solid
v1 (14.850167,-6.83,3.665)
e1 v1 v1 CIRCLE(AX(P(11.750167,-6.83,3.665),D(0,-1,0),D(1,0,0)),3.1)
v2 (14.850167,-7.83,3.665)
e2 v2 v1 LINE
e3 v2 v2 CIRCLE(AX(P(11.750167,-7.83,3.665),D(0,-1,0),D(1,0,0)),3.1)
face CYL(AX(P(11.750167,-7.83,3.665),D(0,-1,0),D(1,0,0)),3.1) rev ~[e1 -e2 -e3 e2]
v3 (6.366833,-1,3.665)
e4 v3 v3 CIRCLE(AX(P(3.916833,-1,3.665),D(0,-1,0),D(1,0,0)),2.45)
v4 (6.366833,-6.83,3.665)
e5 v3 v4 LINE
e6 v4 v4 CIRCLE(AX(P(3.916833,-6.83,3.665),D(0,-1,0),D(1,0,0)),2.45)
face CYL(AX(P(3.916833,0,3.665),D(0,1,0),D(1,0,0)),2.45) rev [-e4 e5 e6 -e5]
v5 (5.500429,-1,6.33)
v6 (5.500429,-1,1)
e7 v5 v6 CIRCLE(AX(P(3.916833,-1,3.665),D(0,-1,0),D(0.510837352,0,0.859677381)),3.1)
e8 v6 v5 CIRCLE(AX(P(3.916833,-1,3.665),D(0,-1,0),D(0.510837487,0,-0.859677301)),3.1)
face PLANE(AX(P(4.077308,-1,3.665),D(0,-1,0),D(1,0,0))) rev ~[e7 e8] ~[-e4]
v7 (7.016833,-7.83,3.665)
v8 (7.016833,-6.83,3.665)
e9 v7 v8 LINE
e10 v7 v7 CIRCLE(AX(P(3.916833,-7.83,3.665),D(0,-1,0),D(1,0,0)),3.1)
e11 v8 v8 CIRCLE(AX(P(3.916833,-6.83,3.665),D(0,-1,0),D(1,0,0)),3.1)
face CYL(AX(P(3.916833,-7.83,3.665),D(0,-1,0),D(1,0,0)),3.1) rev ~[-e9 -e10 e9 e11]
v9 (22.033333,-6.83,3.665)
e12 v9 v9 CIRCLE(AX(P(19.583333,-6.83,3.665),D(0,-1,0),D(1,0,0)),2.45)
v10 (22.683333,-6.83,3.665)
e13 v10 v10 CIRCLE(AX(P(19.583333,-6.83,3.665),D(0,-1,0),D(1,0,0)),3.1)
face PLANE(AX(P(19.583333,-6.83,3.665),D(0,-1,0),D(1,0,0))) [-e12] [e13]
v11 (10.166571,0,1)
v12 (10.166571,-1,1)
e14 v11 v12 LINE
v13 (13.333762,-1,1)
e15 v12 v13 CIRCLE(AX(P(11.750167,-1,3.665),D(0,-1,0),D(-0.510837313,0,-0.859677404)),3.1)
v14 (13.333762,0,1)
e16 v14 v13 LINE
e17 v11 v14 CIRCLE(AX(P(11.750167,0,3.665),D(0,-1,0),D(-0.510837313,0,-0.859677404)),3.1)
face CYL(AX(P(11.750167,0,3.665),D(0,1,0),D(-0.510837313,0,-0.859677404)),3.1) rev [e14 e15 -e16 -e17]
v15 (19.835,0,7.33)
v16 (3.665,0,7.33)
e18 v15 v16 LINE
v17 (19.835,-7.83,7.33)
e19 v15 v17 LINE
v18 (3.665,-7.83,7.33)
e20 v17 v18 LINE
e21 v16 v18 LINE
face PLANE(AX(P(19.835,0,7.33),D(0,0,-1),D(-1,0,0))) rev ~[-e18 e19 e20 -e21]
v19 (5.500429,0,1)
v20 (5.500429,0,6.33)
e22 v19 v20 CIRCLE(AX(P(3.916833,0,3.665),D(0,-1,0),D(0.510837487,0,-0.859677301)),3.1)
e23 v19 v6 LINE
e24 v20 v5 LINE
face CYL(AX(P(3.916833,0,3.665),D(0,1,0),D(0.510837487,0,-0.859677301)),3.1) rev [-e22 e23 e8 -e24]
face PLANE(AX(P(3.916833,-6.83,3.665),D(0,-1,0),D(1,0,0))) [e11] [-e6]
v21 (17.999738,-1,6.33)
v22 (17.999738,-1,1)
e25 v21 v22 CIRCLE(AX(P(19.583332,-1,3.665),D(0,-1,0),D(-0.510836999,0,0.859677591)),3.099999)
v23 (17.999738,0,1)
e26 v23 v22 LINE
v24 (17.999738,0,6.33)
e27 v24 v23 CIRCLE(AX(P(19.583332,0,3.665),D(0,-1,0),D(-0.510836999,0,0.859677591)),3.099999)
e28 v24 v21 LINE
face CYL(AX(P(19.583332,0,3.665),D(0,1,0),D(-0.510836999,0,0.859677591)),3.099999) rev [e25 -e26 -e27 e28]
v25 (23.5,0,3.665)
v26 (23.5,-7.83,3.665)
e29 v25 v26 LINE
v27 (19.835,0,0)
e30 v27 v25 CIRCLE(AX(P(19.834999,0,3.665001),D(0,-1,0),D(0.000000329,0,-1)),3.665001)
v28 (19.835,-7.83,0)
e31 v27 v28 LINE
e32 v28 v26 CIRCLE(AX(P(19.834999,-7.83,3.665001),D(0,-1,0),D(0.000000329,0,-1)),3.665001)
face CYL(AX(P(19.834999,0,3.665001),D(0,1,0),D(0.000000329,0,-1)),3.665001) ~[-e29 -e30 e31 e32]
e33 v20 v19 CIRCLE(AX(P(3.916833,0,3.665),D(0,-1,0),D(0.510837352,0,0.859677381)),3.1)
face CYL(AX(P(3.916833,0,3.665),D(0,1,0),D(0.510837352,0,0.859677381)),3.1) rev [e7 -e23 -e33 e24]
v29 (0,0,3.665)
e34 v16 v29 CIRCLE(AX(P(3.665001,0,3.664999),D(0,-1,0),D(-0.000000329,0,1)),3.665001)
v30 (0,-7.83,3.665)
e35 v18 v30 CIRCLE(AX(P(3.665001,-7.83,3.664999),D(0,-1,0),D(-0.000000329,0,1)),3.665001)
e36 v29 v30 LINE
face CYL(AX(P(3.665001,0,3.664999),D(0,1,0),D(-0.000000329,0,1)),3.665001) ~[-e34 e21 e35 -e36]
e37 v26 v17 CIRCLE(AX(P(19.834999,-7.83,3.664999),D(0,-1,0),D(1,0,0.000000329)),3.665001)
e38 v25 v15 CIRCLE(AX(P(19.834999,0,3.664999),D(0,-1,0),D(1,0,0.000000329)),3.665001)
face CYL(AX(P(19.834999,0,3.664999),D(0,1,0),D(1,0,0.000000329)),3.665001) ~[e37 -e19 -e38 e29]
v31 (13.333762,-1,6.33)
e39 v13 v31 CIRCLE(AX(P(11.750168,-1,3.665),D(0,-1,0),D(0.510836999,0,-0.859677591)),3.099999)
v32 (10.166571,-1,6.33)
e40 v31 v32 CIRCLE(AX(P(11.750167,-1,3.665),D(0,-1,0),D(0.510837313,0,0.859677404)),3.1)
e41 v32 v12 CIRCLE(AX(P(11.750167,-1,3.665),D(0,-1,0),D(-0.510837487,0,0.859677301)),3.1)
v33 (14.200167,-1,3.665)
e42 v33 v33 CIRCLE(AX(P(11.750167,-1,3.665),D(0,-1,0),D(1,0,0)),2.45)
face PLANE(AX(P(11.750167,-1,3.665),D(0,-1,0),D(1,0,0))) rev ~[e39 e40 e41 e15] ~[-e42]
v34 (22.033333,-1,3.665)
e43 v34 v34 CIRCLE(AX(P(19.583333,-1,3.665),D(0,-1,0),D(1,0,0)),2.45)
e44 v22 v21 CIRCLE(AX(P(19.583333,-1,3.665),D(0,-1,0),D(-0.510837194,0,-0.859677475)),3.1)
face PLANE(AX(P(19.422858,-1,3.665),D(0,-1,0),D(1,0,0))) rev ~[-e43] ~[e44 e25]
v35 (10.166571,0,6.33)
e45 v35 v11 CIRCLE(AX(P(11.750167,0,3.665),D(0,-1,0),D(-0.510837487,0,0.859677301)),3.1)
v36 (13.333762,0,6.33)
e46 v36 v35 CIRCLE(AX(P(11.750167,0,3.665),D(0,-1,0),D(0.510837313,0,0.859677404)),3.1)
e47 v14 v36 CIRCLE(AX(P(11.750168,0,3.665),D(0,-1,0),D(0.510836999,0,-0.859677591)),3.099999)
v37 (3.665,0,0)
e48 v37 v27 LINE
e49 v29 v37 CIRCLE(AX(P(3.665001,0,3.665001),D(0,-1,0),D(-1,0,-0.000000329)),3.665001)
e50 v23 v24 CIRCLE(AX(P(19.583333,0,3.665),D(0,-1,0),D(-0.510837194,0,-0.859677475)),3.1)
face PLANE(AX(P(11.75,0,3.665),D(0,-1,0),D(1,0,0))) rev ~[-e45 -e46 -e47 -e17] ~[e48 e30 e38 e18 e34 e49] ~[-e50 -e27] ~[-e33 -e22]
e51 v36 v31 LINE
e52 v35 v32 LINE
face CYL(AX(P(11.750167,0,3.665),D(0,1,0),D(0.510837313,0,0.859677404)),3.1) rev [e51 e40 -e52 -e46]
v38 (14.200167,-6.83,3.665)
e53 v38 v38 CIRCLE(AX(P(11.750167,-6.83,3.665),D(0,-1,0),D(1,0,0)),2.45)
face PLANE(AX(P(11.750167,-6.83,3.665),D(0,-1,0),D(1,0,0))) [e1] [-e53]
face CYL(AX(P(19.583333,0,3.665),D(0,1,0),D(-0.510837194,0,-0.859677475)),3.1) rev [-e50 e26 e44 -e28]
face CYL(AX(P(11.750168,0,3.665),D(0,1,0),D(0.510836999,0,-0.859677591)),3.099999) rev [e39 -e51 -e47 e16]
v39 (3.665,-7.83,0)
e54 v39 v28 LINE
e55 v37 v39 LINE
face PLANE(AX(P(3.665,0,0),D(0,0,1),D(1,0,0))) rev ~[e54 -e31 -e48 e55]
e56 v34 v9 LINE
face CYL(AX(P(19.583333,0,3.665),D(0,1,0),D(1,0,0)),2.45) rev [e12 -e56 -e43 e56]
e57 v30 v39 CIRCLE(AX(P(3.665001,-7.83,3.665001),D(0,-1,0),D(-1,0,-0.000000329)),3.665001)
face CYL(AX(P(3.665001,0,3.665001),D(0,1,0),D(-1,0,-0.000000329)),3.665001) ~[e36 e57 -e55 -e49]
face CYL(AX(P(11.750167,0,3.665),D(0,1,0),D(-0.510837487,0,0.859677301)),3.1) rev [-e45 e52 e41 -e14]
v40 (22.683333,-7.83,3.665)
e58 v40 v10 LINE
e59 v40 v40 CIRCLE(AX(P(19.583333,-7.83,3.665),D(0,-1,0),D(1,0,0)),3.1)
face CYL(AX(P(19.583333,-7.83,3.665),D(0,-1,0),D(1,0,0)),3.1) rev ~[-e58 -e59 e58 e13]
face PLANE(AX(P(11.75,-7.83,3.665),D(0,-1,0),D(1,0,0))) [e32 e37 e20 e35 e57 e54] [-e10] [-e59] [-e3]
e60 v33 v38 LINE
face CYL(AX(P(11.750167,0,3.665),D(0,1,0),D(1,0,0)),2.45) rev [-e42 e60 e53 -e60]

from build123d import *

# Parameters (mm, degrees)
F0_R     = 2.45
F1_DEPTH = 7.83
F2_DEPTH = 1
F3_R     = 3.1
F3_R_2   = 2.45
F4_DEPTH = 1


with BuildPart() as f1:
    # F0 (on Front) → F1 (new body)
    with BuildSketch(Plane.XZ):
        with BuildLine():
            ThreePointArc((0, 3.665), (1.073454, 1.073454), (3.665, 0))
            Line((3.665, 0), (19.835, 0))
            ThreePointArc((19.835, 0), (22.426546, 1.073454), (23.5, 3.665))
            ThreePointArc((23.5, 3.665), (22.426546, 6.256546), (19.835, 7.33))
            Line((19.835, 7.33), (15.666667, 7.33))
            Line((15.666667, 7.33), (7.833667, 7.33))
            Line((7.833667, 7.33), (3.665, 7.33))
            ThreePointArc((3.665, 7.33), (1.073454, 6.256546), (0, 3.665))
        make_face()
        with BuildLine():
            ThreePointArc((10.166571, 1), (8.650167, 3.665), (10.166571, 6.33))
            ThreePointArc((10.166571, 6.33), (11.750167, 6.765), (13.333762, 6.33))
            ThreePointArc((13.333762, 6.33), (14.850167, 3.665), (13.333762, 1))
            ThreePointArc((13.333762, 1), (11.750167, 0.565), (10.166571, 1))
        make_face(mode=Mode.SUBTRACT)
        with BuildLine():
            ThreePointArc((17.999738, 1), (16.483333, 3.665), (17.999738, 6.33))
            ThreePointArc((17.999738, 6.33), (22.683333, 3.665), (17.999738, 1))
        make_face(mode=Mode.SUBTRACT)
        with BuildLine():
            ThreePointArc((5.500429, 1), (0.816833, 3.665), (5.500429, 6.33))
            ThreePointArc((5.500429, 6.33), (7.016833, 3.665), (5.500429, 1))
        make_face(mode=Mode.SUBTRACT)
        with BuildLine():
            ThreePointArc((5.500429, 1), (7.016833, 3.665), (5.500429, 6.33))
            ThreePointArc((5.500429, 6.33), (0.816833, 3.665), (5.500429, 1))
        make_face()
        with Locations((3.916833, 3.665)):
            Circle(F0_R, mode=Mode.SUBTRACT)
        with BuildLine():
            ThreePointArc((13.333762, 6.33), (11.750167, 6.765), (10.166571, 6.33))
            ThreePointArc((10.166571, 6.33), (8.650167, 3.665), (10.166571, 1))
            ThreePointArc((10.166571, 1), (11.750167, 0.565), (13.333762, 1))
            ThreePointArc((13.333762, 1), (14.850167, 3.665), (13.333762, 6.33))
        make_face()
        with Locations((11.750167, 3.665)):
            Circle(F0_R, mode=Mode.SUBTRACT)
        with BuildLine():
            ThreePointArc((17.999738, 1), (22.683333, 3.665), (17.999738, 6.33))
            ThreePointArc((17.999738, 6.33), (16.483333, 3.665), (17.999738, 1))
        make_face()
        with Locations((19.583333, 3.665)):
            Circle(F0_R, mode=Mode.SUBTRACT)
    extrude(amount=F1_DEPTH)

    # F0 (on Front) → F2 (cut)
    with BuildSketch(Plane.XZ):
        with BuildLine():
            ThreePointArc((5.500429, 1), (7.016833, 3.665), (5.500429, 6.33))
            ThreePointArc((5.500429, 6.33), (0.816833, 3.665), (5.500429, 1))
        make_face()
        with Locations((3.916833, 3.665)):
            Circle(F0_R, mode=Mode.SUBTRACT)
        with BuildLine():
            ThreePointArc((13.333762, 6.33), (11.750167, 6.765), (10.166571, 6.33))
            ThreePointArc((10.166571, 6.33), (8.650167, 3.665), (10.166571, 1))
            ThreePointArc((10.166571, 1), (11.750167, 0.565), (13.333762, 1))
            ThreePointArc((13.333762, 1), (14.850167, 3.665), (13.333762, 6.33))
        make_face()
        with Locations((11.750167, 3.665)):
            Circle(F0_R, mode=Mode.SUBTRACT)
        with BuildLine():
            ThreePointArc((17.999738, 1), (22.683333, 3.665), (17.999738, 6.33))
            ThreePointArc((17.999738, 6.33), (16.483333, 3.665), (17.999738, 1))
        make_face()
        with Locations((19.583333, 3.665)):
            Circle(F0_R, mode=Mode.SUBTRACT)
    extrude(amount=F2_DEPTH, mode=Mode.SUBTRACT)

    # F3 (on face) → F4 (cut)
    with BuildSketch(Plane.XZ.offset(7.83)):
        with Locations((3.916833, 3.665)):
            Circle(F3_R)
        with Locations((3.916833, 3.665)):
            Circle(F3_R_2, mode=Mode.SUBTRACT)
        with Locations((11.750167, 3.665)):
            Circle(F3_R)
        with Locations((11.750167, 3.665)):
            Circle(F3_R_2, mode=Mode.SUBTRACT)
        with Locations((19.583333, 3.665)):
            Circle(F3_R)
        with Locations((19.583333, 3.665)):
            Circle(F3_R_2, mode=Mode.SUBTRACT)
    extrude(amount=-F4_DEPTH, mode=Mode.SUBTRACT)


solid = f1.part
